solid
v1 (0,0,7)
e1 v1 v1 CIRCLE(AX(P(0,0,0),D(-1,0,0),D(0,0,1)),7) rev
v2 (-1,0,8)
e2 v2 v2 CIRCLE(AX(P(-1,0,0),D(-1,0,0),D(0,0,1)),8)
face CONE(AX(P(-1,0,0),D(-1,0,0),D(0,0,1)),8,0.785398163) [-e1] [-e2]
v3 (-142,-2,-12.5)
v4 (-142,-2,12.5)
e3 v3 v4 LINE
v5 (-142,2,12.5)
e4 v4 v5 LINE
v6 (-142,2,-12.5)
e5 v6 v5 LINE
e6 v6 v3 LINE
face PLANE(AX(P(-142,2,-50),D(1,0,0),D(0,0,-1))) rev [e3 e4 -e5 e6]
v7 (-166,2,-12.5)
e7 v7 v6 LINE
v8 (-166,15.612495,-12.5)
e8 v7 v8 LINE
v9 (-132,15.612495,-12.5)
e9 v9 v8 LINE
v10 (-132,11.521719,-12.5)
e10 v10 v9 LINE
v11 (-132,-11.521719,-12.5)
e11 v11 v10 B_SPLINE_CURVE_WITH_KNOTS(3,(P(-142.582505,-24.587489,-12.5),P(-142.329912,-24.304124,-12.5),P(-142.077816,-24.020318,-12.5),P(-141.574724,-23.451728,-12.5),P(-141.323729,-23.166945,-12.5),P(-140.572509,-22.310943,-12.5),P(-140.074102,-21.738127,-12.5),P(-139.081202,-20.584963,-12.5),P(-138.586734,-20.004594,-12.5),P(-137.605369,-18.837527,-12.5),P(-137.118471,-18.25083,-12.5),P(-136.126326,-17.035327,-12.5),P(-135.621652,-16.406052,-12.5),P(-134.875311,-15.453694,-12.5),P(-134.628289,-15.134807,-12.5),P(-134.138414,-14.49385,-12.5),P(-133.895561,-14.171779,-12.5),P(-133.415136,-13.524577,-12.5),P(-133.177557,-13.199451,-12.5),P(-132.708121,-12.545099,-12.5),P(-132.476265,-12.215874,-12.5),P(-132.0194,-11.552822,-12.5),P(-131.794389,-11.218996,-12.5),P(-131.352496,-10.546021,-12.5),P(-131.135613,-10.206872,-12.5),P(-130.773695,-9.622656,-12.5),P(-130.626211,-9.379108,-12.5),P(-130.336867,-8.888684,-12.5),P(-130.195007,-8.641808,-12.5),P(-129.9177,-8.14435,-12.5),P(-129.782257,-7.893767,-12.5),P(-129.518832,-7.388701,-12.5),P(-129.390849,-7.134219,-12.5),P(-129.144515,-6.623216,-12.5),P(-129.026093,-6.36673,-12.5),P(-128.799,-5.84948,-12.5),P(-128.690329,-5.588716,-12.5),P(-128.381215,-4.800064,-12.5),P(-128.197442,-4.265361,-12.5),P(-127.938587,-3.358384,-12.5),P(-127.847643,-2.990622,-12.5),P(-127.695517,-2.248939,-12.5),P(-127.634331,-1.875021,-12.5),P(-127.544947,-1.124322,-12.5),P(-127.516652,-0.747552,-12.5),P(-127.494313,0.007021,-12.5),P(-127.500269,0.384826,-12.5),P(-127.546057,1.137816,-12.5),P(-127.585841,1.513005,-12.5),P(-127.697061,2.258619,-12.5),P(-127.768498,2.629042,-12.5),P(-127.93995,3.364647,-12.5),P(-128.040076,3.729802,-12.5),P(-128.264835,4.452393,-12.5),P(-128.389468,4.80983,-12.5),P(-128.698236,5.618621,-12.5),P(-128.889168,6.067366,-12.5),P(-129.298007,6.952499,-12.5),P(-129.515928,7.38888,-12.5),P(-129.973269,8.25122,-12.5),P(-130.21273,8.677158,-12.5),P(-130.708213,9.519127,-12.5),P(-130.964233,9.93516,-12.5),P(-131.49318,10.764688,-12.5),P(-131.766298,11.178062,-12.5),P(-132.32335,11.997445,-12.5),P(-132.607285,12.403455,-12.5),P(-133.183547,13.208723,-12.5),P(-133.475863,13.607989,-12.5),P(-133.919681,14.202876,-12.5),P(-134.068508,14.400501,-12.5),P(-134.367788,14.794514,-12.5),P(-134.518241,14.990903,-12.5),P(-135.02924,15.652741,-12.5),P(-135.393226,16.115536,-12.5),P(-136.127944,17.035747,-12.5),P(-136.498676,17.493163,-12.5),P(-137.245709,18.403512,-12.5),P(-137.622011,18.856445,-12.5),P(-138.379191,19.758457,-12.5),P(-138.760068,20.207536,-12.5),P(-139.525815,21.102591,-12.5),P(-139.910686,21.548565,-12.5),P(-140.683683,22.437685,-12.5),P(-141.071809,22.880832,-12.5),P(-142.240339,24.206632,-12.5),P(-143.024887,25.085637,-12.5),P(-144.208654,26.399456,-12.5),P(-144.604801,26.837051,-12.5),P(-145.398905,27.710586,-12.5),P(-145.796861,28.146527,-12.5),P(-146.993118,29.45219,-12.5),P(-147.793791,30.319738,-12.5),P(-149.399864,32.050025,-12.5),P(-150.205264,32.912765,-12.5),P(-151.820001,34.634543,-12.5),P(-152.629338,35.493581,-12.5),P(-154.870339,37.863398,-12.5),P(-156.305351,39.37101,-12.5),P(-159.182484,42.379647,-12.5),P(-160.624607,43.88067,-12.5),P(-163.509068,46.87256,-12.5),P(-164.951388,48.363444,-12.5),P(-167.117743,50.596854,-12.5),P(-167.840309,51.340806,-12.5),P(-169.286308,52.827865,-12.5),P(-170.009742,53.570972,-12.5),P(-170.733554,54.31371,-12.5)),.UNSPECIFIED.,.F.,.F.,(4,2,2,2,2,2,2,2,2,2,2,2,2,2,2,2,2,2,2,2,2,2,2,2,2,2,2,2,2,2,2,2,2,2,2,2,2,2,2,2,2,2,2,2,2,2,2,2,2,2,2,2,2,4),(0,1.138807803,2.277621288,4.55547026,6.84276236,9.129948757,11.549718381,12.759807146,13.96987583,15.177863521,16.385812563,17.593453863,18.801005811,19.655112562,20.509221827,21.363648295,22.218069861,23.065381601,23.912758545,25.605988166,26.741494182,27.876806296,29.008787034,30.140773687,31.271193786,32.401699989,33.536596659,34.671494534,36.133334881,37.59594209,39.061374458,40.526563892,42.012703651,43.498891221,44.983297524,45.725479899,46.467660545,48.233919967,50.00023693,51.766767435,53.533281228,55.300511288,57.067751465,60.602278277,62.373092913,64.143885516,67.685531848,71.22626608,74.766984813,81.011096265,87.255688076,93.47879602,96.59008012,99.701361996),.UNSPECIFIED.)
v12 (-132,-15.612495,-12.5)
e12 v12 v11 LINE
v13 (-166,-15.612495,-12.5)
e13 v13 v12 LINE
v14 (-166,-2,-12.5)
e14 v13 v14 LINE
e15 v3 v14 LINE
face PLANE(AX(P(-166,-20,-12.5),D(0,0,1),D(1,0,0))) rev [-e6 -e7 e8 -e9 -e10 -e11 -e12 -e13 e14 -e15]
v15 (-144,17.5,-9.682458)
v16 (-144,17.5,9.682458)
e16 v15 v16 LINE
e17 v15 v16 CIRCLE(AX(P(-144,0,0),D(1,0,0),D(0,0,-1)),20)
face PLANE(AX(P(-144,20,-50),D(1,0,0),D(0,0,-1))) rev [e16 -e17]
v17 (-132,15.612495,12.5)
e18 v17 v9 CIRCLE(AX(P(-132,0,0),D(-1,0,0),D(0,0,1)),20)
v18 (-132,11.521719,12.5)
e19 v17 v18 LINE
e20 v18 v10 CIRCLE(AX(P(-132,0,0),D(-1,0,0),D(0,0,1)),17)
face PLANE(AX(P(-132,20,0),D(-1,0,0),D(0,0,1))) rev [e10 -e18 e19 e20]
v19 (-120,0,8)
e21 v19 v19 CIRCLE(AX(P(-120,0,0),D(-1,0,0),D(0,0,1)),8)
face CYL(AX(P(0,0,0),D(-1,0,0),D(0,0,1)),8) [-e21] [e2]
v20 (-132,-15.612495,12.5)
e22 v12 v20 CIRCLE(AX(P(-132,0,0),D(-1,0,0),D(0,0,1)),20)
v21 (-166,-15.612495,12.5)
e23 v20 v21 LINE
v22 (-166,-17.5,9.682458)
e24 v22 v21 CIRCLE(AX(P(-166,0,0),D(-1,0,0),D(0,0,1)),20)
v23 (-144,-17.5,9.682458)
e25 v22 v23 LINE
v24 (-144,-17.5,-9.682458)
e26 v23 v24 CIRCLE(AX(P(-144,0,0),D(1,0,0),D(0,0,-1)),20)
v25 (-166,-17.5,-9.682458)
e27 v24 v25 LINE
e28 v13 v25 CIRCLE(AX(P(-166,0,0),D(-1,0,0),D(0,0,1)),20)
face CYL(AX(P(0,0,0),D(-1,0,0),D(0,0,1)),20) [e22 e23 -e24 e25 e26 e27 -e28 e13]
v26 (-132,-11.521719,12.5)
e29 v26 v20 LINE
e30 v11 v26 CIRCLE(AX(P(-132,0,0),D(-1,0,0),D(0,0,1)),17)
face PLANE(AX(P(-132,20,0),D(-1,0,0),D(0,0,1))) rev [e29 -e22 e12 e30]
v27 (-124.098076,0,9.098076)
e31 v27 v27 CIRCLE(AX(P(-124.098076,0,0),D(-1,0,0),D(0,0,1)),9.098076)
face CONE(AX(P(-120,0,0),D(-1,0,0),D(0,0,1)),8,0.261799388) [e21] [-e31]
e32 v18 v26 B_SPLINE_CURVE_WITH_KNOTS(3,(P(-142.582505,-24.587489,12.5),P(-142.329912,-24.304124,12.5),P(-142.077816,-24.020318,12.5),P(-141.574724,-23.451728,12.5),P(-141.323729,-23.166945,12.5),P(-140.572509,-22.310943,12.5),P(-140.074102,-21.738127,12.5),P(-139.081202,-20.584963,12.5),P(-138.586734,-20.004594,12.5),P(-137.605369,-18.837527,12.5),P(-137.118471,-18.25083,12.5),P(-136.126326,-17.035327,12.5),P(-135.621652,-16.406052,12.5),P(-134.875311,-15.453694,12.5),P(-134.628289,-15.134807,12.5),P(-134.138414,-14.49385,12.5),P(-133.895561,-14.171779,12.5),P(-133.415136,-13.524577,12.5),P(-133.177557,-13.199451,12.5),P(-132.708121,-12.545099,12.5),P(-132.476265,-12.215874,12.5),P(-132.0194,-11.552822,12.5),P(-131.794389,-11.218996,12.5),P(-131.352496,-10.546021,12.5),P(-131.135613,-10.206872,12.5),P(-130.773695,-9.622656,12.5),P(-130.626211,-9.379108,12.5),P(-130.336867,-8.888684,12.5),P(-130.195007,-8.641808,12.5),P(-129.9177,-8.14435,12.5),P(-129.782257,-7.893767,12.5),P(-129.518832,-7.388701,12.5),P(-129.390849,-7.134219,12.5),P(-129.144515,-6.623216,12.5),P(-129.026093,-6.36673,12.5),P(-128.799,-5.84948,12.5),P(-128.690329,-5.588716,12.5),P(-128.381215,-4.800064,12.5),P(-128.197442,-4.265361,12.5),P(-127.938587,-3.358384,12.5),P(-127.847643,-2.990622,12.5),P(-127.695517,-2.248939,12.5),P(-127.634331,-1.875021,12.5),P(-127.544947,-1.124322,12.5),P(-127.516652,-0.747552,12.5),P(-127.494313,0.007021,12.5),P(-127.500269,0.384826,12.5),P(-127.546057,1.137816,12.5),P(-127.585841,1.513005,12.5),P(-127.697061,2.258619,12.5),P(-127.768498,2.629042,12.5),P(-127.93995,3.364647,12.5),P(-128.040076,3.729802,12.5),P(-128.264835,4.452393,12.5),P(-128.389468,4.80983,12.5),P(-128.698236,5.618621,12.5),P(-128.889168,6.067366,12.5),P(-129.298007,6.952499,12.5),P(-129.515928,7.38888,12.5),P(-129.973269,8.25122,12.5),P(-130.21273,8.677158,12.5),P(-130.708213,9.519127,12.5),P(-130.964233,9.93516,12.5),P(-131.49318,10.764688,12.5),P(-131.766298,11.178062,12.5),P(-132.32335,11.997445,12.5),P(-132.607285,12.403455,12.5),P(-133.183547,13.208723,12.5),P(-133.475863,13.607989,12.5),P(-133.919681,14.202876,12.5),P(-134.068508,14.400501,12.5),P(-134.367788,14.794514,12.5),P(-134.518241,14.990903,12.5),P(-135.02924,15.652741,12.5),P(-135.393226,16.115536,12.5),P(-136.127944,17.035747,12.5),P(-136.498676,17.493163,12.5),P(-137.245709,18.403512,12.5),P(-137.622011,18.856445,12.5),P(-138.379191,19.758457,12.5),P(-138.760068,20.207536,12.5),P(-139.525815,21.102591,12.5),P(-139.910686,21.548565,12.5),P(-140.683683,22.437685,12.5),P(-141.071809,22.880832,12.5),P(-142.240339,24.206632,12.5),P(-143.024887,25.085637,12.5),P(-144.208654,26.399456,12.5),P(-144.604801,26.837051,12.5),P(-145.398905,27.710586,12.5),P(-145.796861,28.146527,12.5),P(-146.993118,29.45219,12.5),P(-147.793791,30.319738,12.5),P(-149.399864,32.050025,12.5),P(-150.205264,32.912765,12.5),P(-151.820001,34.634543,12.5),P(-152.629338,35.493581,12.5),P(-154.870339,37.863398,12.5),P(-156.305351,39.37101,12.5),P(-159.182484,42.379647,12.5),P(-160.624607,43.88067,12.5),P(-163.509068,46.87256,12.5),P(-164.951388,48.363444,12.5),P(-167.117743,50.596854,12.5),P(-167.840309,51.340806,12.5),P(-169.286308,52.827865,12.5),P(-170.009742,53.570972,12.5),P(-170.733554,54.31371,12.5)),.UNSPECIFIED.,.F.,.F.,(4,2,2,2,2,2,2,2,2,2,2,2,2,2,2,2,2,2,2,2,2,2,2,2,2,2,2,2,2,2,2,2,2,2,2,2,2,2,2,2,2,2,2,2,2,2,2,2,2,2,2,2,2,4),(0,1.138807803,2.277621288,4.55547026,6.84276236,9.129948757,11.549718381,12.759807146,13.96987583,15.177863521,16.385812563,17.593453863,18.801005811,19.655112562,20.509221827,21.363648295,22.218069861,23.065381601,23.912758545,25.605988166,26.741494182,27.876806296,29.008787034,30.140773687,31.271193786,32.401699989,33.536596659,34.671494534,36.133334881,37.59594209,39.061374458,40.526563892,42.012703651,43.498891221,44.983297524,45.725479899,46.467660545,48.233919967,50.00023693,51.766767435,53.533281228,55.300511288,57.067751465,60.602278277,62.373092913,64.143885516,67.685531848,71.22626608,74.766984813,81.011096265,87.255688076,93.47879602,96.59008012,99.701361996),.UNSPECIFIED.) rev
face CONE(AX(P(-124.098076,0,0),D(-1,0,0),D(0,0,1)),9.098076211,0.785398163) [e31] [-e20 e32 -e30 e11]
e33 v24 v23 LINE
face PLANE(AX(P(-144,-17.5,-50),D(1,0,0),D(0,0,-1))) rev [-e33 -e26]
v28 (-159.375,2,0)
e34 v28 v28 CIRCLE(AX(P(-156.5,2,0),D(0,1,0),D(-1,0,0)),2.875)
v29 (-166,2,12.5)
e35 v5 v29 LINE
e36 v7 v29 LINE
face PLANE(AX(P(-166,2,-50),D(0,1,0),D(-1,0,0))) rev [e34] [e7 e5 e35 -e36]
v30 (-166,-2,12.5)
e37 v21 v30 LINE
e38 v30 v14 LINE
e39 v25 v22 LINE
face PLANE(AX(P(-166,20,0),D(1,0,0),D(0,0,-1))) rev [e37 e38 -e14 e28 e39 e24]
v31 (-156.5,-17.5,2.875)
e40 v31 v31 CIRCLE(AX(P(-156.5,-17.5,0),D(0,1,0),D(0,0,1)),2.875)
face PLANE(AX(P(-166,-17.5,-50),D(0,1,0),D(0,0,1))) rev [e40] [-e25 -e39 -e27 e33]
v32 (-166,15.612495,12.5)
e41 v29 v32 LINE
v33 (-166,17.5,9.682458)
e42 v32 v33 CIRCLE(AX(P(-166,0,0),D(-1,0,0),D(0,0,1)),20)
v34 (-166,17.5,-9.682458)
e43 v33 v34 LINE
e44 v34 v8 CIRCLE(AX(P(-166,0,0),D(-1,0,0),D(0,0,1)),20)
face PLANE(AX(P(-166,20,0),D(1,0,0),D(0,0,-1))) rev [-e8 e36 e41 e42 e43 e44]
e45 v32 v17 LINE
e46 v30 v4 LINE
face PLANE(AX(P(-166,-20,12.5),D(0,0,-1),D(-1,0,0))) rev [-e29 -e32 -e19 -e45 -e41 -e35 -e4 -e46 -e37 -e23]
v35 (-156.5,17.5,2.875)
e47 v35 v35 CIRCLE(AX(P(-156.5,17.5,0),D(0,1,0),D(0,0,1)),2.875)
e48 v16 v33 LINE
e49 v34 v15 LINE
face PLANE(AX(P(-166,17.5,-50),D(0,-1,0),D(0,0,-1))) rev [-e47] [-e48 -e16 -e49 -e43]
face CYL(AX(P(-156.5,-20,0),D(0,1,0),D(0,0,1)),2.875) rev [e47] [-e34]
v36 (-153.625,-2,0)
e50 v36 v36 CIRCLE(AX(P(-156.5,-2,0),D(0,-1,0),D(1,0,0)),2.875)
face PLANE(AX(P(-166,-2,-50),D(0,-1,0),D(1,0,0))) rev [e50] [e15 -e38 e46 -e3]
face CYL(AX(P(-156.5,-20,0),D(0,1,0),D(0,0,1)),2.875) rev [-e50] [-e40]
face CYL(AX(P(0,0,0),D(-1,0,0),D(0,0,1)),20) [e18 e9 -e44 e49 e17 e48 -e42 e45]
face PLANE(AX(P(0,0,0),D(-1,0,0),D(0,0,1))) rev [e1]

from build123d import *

# Parameters (mm, degrees)
SKIZZE2_W                       = 22
SKIZZE2_H                       = 2.5
SKIZZE2_W_2                     = 24
SKIZZE2_H_2                     = 4
SCHNITT_LINEAR_AUSTRAGEN1_DEPTH = 50
SKIZZE3_R                       = 2.875
SKIZZE3_W                       = 38.5
SKIZZE3_H                       = 7.5
SCHNITT_LINEAR_AUSTRAGEN2_DEPTH = 38.5
FASE1_SIZE                      = 1


with BuildPart() as part:
    # Skizze1 → Rotation1 (revolve)
    with BuildSketch(Plane.XY, mode=Mode.PRIVATE) as rotation1_sk:
        Polygon((0, 0), (0, 8), (-120, 8), (-124.098076211, 9.098076211), (-132, 17), (-132, 20), (-166, 20), (-166, 0), align=None)
    revolve(rotation1_sk.sketch.rotate(Axis((0, 0, 0), (1, 0, 0)), 90), axis=Axis((0, 0, 0), (1, 0, 0)))  # turned: the seam where the file's is

    # Skizze2 → Schnitt-Linear austragen1 (cut, symmetric)
    with BuildSketch(Plane.XY):
        with Locations((-155, 18.75)):
            Rectangle(SKIZZE2_W, SKIZZE2_H)
        with Locations((-154, 0)):
            Rectangle(SKIZZE2_W_2, SKIZZE2_H_2)
        with Locations((-155, -18.75)):
            Rectangle(SKIZZE2_W, SKIZZE2_H)
    extrude(amount=SCHNITT_LINEAR_AUSTRAGEN1_DEPTH, both=True, mode=Mode.SUBTRACT)

    # Skizze3 → Schnitt-Linear austragen2 (cut, through all)
    with BuildSketch(Plane(origin=(0, 17.5, 0), x_dir=(1, 0, 0), z_dir=(0, 1, 0))):
        with Locations(Location((-156.5, 0, 0), (0, 0, 270))):  # turned: the seam where the file's is
            Circle(SKIZZE3_R)
        with Locations((-146.75, -16.25)):
            Rectangle(SKIZZE3_W, SKIZZE3_H)
        with Locations((-146.75, 16.25)):
            Rectangle(SKIZZE3_W, SKIZZE3_H)
    extrude(amount=-SCHNITT_LINEAR_AUSTRAGEN2_DEPTH, mode=Mode.SUBTRACT)

    # Fase1
    fase1_edges = [part.edges().sort_by_distance(p)[0] for p in [
        (0, 0, -8),
    ]]
    chamfer(fase1_edges, length=FASE1_SIZE)


solid = part.part
